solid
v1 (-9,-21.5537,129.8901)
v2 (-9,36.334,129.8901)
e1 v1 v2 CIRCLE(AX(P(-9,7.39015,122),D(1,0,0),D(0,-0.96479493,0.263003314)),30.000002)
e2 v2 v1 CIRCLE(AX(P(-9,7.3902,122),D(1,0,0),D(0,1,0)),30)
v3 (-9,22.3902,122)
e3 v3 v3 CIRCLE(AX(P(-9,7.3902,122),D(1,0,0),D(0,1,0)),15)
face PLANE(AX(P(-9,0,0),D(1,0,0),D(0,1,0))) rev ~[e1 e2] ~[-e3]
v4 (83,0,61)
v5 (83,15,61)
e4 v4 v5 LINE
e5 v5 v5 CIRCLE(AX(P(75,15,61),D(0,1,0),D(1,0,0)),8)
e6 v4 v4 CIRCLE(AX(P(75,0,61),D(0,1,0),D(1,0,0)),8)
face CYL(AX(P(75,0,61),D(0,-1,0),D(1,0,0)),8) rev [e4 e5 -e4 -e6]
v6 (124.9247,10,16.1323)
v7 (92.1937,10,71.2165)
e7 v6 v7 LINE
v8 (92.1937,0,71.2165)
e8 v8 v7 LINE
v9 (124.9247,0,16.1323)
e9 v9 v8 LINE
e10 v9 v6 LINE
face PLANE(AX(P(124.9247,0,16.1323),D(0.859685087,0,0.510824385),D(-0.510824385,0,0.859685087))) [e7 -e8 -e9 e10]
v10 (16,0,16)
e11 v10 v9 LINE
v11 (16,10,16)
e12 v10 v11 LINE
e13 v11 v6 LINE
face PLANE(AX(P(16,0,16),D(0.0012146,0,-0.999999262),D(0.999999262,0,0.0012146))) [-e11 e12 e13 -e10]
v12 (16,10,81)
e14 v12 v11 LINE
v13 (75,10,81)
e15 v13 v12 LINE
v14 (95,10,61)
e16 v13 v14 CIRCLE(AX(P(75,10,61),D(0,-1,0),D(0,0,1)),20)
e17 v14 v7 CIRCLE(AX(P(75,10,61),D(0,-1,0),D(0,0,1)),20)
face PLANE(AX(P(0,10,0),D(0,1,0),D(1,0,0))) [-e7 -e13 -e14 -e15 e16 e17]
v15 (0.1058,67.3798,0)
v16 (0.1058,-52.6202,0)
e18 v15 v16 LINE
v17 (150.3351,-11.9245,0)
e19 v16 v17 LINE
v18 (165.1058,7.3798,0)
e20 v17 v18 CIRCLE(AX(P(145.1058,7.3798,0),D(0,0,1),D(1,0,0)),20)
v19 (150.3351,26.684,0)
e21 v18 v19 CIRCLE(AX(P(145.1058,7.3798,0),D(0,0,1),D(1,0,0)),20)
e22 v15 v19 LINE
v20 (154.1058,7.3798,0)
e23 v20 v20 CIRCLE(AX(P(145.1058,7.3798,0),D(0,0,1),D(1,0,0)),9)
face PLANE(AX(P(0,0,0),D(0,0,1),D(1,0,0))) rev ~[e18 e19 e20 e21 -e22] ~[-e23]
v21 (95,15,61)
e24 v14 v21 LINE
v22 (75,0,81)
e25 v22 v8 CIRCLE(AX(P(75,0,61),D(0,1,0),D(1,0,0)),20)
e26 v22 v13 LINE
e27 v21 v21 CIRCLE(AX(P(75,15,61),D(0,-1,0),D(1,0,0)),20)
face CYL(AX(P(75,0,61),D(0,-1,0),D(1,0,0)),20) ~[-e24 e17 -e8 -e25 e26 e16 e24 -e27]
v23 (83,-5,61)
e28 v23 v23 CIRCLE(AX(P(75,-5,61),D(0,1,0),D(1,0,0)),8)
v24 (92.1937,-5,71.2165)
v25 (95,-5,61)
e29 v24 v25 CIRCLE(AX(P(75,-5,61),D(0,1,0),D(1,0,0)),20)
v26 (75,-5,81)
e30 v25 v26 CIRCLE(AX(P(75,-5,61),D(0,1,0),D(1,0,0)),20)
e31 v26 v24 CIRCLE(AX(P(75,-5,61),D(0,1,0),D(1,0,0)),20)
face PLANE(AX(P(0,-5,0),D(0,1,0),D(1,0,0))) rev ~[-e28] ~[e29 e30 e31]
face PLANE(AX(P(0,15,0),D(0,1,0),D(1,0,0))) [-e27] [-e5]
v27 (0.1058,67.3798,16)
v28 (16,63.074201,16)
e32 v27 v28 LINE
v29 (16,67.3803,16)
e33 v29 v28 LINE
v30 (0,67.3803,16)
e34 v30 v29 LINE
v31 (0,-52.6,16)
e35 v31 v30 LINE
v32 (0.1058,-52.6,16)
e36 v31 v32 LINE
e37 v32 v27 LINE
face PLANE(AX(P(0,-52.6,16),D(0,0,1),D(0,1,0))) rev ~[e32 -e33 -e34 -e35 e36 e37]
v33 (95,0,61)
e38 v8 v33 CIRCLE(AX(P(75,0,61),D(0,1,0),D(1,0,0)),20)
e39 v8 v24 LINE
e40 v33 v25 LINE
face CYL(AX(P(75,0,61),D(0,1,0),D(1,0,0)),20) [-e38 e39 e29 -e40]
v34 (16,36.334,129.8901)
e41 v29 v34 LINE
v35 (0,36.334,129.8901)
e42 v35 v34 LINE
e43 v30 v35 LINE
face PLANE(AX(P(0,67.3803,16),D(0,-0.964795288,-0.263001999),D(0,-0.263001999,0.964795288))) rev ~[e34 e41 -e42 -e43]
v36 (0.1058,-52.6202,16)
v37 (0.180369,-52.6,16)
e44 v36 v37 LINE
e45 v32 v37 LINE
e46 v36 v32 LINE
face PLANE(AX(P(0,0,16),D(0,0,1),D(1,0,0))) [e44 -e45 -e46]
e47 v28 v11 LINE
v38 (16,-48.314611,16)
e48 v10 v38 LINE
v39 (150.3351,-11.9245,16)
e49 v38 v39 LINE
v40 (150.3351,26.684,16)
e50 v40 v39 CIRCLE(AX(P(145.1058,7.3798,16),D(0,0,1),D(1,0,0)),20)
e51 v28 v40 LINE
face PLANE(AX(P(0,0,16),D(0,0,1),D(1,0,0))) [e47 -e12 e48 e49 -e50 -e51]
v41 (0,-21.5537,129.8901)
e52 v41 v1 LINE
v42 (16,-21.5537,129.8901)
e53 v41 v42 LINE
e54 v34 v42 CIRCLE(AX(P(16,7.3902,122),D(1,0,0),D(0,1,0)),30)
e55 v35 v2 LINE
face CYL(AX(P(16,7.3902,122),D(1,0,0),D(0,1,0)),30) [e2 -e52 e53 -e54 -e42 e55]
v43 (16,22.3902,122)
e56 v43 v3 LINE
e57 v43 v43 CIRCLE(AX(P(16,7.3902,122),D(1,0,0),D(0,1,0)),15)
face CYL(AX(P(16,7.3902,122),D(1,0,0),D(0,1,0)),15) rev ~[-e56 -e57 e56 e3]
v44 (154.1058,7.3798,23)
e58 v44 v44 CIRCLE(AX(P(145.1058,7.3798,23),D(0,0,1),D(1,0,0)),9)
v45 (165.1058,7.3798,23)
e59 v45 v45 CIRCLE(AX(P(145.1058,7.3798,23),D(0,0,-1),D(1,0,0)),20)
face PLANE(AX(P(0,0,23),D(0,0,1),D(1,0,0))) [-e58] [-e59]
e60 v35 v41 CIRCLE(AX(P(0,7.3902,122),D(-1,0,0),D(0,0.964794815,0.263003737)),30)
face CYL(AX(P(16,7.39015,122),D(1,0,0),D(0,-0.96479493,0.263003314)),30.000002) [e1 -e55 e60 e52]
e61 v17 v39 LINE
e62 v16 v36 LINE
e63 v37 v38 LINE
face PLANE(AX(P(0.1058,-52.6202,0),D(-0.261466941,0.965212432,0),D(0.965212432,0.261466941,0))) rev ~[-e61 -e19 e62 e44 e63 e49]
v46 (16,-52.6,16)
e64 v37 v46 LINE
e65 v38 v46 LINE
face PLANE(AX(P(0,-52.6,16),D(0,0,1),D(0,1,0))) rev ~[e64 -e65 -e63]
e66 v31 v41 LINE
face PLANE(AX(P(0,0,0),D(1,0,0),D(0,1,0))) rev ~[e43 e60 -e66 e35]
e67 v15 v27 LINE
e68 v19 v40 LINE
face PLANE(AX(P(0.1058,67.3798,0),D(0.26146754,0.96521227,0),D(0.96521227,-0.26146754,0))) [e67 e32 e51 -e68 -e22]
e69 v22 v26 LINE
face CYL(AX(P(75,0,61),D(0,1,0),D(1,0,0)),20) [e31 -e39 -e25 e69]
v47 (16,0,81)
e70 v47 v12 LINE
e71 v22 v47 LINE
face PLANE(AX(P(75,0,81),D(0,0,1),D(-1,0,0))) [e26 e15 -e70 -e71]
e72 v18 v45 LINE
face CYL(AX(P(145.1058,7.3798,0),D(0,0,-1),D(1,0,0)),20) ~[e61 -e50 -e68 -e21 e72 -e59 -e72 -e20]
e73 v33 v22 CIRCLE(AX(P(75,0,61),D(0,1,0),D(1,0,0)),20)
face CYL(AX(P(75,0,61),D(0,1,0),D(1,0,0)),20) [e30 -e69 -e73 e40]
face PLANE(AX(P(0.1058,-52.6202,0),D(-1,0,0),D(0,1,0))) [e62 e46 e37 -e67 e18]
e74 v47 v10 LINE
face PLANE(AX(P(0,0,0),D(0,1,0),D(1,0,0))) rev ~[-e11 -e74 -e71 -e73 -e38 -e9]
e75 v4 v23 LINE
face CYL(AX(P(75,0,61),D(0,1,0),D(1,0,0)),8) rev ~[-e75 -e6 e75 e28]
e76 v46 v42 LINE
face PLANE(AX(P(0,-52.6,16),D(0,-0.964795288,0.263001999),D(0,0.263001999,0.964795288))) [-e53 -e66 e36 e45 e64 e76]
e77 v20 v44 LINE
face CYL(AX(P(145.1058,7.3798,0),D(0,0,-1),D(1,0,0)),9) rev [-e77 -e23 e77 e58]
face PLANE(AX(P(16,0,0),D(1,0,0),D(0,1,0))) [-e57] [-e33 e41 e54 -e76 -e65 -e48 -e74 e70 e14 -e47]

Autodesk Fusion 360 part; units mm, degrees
sketch "Sketch1" plane through (0, 0, 0) normal (0, 0, 1) x (1, 0, 0)
  line L0 (0.1058, -52.6202) -> (0.1058, 67.3798)
  line L1 (0.1058, 67.3798) -> (0.1058, 7.3798)
  circle A0 centre (145.1058, 7.3798) radius 9
  circle A1 centre (145.1058, 7.3798) radius 20
  line L2 (0.1058, 67.3798) -> (150.3351, 26.684)
  line L3 (0.1058, -52.6202) -> (150.3351, -11.9245)
  dimension "d1" = 120
  dimension "d2" = 60
  dimension "d3" = 145
  dimension "d4" = 18
  dimension "d5" = 40
extrude "Extrude1" add sketch "Sketch1" along normal blind 16 contours L0 L1 A1 L2 L3
extrude "Extrude2" add sketch "Sketch1" along normal blind 23 contours A1
sketch "Sketch2" plane through (0, 0, 16) normal (0, 0, 1) x (-1, 0, 0)
  line L0 (-0.1058, -67.3798) -> (-0.1058, 52.6202)
  line L1 (-0.1058, 52.6202) -> (-150.3351, 11.9245)
  arc A0 (-150.3351, -26.684) -> (-150.3351, 11.9245) centre (-145.1058, -7.3798) ccw
  line L2 (-150.3351, -26.684) -> (-0.1058, -67.3798)
sketch "Sketch3" plane through (0, 0, 0) normal (1, 0, 0) x (0, 1, 0)
sketch "Sketch4" plane through (0, 0, 0) normal (1, 0, 0) x (0, 1, 0)
  line L0 (-52.6, 16) -> (67.3803, 16)
  line L1 (67.3803, 16) -> (7.3902, 16)
  line L2 (7.3902, 16) -> (7.3902, 122)
  circle A0 centre (7.3902, 122) radius 30
  circle A1 centre (7.3902, 122) radius 15
  line L3 (-52.6, 16) -> (-21.5537, 129.8901)
  line L4 (67.3803, 16) -> (36.334, 129.8901)
  dimension "d10" = 106
  dimension "d11" = 60
  dimension "d12" = 30
extrude "Extrude3" add sketch "Sketch4" along normal blind 16 contours L0 L2 A0 L3 | L0 L1 L2 A0 L4
sketch "Sketch5" plane through (16, 0, 0) normal (1, 0, 0) x (0, 1, 0)
  line L0 (-52.6, 16) -> (-48.3146, 16)
  line L1 (-48.3146, 16) -> (63.0742, 16)
  line L2 (63.0742, 16) -> (67.3803, 16)
  line L3 (67.3803, 16) -> (36.334, 129.8901)
  arc A0 (-21.5537, 129.8901) -> (36.334, 129.8901) centre (7.3902, 122) ccw
  line L4 (-21.5537, 129.8901) -> (-52.6, 16)
  circle A1 centre (7.3902, 122) radius 15
  circle A2 centre (7.3902, 122) radius 30
  dimension "d15" = 30
  dimension "d16" = 60
extrude "Extrude4" add sketch "Sketch5" against normal blind 25 contours A0 A2
sketch "Sketch6" plane through (0, 0, 0) normal (0, 1, 0) x (1, 0, 0)
  line L0 (0, 0) -> (0, -61)
  circle A0 centre (75, -61) radius 20
  circle A1 centre (75, -61) radius 8
  line L1 (75, -81) -> (16, -81)
  line L2 (124.9247, -16.1323) -> (92.1937, -71.2165)
  line L3 (16, -81) -> (16, -16)
  line L4 (16, -16) -> (124.9247, -16.1323)
  dimension "d19" = 61
  dimension "d20" = 75
  dimension "d21" = 40
  dimension "d22" = 16
sketch "Sketch7" plane through (16, 0, 0) normal (1, 0, 0) x (0, 1, 0)
  circle A0 centre (7.3902, 122) radius 15
  line L0 (-52.6, 16) -> (-48.3146, 16)
  line L1 (-48.3146, 16) -> (63.0742, 16)
  line L2 (63.0742, 16) -> (67.3803, 16)
  line L3 (67.3803, 16) -> (36.334, 129.8901)
  arc A1 (36.334, 129.8901) -> (-21.5537, 129.8901) centre (7.3902, 122) ccw
  line L4 (-21.5537, 129.8901) -> (-52.6, 16)
sketch "Sketch8" plane through (0, 0, 0) normal (0, 1, 0) x (1, 0, 0)
extrude "Extrude5" add sketch "Sketch6" along normal blind 10 contours A0 L1 L2 L3 L4
extrude "Extrude6" add sketch "Sketch6" along normal blind 15 contours A0
extrude "Extrude7" add sketch "Sketch6" against normal blind 5 contours A0
